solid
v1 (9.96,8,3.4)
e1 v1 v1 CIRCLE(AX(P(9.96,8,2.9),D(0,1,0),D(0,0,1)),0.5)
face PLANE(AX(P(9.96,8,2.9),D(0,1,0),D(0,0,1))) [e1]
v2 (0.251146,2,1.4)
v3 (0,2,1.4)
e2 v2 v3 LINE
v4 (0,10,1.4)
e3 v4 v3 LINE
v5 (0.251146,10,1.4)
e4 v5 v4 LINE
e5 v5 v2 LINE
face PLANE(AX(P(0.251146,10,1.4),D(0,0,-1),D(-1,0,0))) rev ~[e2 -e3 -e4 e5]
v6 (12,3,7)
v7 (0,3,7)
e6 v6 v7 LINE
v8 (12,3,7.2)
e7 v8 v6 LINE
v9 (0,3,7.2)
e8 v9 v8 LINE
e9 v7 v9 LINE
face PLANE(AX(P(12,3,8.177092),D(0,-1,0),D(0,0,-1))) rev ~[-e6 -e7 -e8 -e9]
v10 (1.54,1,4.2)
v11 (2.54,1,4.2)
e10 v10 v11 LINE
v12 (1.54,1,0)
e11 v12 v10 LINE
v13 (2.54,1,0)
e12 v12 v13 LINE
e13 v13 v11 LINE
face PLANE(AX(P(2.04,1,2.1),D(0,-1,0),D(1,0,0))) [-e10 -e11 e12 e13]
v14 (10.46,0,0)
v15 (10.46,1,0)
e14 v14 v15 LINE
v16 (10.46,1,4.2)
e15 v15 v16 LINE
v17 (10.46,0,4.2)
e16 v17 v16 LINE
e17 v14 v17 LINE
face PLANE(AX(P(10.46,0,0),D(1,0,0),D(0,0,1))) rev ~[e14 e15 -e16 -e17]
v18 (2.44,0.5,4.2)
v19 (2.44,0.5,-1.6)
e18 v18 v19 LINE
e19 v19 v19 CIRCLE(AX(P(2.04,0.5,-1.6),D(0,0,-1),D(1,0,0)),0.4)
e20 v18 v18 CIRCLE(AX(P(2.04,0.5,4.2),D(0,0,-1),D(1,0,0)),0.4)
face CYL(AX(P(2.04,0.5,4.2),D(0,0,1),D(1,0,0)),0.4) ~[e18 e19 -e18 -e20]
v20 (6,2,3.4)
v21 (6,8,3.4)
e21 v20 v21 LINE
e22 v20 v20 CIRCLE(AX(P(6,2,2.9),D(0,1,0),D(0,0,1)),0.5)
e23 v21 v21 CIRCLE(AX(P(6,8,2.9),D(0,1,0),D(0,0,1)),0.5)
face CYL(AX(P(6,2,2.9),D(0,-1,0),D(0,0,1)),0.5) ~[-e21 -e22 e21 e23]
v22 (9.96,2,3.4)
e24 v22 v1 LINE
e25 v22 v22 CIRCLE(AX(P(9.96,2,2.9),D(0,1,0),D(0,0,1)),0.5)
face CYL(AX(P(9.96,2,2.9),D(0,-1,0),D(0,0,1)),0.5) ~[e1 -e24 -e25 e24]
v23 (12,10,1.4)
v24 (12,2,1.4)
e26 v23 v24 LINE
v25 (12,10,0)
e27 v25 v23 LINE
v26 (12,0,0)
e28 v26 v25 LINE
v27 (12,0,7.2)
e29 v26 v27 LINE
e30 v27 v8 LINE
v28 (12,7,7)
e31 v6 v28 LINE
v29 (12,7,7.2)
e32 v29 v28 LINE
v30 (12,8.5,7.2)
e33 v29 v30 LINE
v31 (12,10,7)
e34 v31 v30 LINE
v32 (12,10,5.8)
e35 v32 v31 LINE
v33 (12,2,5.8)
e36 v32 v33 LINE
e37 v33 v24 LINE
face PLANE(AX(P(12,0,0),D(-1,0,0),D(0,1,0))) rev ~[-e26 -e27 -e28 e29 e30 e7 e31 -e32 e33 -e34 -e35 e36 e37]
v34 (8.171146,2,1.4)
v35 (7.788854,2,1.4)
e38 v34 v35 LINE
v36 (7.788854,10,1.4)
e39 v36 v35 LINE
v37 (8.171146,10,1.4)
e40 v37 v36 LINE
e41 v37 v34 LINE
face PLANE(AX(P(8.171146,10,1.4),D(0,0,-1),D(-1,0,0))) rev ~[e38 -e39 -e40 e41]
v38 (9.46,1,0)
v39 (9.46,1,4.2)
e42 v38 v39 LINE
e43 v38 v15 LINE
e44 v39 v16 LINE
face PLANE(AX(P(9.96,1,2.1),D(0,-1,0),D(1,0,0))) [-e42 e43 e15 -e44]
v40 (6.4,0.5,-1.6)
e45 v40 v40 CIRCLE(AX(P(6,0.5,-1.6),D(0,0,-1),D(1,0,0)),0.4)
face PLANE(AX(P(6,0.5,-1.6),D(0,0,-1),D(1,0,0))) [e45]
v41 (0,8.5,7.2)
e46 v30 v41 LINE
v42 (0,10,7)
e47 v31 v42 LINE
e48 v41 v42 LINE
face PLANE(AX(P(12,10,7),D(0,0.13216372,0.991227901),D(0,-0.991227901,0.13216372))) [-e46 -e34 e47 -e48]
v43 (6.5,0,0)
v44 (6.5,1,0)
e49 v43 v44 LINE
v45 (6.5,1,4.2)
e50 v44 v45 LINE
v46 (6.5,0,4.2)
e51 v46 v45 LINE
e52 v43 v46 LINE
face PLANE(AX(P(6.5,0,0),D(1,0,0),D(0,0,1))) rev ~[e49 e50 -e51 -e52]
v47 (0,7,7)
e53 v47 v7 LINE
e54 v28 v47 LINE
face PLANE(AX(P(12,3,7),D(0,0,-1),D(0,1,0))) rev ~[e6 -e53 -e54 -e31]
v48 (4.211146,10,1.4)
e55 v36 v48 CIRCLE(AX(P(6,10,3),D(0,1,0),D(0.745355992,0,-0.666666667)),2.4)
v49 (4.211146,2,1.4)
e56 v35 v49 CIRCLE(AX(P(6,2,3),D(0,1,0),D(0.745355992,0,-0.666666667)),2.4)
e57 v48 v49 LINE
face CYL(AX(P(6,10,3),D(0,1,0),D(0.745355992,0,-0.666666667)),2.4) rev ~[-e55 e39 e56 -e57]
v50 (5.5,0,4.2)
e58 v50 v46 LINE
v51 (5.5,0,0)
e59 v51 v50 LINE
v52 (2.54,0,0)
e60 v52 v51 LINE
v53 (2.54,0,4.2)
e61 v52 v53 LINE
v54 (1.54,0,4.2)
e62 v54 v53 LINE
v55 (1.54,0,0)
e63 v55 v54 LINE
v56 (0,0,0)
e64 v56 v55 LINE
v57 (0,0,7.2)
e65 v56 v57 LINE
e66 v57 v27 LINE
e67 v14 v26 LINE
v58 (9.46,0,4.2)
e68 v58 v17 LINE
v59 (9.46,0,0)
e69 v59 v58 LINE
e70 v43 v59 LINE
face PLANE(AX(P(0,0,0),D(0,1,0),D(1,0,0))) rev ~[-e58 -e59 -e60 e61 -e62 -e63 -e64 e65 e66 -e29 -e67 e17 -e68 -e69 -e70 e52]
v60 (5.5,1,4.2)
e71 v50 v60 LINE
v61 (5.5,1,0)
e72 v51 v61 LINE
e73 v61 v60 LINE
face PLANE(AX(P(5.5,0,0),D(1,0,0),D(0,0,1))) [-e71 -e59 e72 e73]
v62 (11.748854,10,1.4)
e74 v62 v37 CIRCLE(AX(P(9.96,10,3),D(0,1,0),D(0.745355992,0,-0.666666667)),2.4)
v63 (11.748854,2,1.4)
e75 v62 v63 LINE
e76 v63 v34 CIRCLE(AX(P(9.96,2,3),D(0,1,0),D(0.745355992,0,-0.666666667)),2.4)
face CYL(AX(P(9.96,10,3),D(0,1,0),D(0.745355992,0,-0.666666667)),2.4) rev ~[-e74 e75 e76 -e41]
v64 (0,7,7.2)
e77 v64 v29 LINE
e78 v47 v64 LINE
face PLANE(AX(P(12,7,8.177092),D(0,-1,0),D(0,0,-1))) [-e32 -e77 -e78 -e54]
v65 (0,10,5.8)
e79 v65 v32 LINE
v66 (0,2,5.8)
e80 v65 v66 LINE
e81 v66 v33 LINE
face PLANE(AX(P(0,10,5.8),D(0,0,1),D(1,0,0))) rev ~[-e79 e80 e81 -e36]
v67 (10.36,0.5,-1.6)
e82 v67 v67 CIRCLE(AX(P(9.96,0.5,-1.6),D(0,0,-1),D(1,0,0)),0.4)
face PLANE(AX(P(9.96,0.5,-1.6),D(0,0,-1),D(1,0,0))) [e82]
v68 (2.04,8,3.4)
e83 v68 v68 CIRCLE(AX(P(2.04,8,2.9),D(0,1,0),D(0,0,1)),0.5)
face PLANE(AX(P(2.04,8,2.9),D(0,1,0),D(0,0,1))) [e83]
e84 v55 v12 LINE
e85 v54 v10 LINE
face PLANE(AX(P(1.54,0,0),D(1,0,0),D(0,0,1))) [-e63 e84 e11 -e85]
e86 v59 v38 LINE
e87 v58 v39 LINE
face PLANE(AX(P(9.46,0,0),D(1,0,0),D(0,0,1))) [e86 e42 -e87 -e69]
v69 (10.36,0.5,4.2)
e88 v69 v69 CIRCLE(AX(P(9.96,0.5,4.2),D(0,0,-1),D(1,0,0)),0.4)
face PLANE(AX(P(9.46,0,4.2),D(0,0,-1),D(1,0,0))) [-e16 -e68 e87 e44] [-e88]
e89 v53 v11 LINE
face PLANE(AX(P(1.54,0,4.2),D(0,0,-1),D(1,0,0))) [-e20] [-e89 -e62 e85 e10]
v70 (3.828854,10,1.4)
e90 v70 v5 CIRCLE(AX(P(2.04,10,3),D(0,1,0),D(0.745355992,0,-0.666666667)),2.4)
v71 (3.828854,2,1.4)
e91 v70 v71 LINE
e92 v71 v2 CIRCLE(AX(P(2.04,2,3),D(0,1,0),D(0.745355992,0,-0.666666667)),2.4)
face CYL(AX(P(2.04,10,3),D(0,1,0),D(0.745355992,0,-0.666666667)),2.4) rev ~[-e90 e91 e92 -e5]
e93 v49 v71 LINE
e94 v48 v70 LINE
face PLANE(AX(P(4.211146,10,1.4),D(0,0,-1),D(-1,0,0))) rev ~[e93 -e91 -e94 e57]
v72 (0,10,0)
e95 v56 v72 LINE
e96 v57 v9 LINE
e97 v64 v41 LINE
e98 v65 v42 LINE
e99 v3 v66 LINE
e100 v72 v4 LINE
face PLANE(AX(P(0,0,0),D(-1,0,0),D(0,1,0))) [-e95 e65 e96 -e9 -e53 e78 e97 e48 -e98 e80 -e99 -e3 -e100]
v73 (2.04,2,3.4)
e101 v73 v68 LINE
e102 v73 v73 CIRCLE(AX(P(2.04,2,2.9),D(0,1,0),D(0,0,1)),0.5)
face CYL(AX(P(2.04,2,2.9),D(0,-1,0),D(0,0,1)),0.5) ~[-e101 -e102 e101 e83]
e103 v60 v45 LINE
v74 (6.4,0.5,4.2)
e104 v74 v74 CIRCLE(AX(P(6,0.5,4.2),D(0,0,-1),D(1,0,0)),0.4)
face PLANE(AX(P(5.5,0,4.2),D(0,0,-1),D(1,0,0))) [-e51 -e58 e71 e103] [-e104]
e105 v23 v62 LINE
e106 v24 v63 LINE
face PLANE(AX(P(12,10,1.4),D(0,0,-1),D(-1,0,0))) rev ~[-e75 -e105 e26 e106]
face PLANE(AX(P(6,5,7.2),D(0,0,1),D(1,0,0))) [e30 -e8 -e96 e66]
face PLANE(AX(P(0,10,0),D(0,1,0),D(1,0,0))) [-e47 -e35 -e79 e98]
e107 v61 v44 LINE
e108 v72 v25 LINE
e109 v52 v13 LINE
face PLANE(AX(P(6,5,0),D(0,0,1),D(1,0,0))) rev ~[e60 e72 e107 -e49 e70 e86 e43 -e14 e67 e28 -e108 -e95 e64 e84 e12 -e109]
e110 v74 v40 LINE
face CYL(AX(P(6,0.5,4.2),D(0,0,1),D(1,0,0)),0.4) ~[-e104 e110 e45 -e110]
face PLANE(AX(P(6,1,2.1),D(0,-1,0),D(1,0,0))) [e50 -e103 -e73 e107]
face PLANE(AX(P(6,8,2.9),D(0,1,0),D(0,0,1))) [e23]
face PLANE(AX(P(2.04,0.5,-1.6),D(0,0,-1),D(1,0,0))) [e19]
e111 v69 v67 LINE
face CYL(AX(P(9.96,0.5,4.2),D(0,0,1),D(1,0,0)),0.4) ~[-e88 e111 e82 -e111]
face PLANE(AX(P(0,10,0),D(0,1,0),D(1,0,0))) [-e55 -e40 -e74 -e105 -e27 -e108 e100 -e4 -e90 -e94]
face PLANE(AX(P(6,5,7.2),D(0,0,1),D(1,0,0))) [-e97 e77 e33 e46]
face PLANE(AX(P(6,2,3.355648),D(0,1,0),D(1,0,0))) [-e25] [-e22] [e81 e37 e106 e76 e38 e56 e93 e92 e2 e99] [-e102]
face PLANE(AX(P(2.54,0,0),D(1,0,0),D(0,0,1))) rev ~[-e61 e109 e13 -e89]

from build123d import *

# Parameters (mm, degrees)
SKETCH_1_W             = 12
SKETCH_1_H             = 10
EXTRUDE_1_DEPTH        = 7.2
SKETCH_2_W             = 1.17709233
SKETCH_2_H             = 4
CUT_EXTRUDE_1_DEPTH    = 18.2
CUT_EXTRUDE_2_DEPTH    = 18.2
SKETCH_4_W             = 1
SKETCH_4_H             = 4.2
CUT_EXTRUDE_3_DEPTH    = 1
PATTERN_LINEAR_1_COUNT = 2
PATTERN_LINEAR_1_PITCH = 3.96
PATTERN_LINEAR_2_COUNT = 2
PATTERN_LINEAR_2_PITCH = 3.96
SKETCH_5_R             = 0.4
EXTRUDE_3_DEPTH        = 5.8
PATTERN_LINEAR_3_COUNT = 3
PATTERN_LINEAR_3_PITCH = 3.96
CUT_EXTRUDE_4_DEPTH    = 8
SKETCH_7_R             = 0.5
EXTRUDE_4_DEPTH        = 6


with BuildPart() as part:
    # 草图1 → 凸台-拉伸1 (new body)
    with BuildSketch(Plane.XY):
        with Locations((6, 5)):
            Rectangle(SKETCH_1_W, SKETCH_1_H)
    extrude(amount=EXTRUDE_1_DEPTH)

    # 草图2 → 切除-拉伸1 (cut, through all)
    with BuildSketch(Plane(origin=(12, 0, 0), x_dir=(0, 0, -1), z_dir=(1, 0, 0))):
        with Locations((-7.588546165, 5)):
            Rectangle(SKETCH_2_W, SKETCH_2_H)
    extrude(amount=-CUT_EXTRUDE_1_DEPTH, mode=Mode.SUBTRACT)

    # 草图3 → 切除-拉伸2 (cut, through all)
    with BuildSketch(Plane(origin=(12, 0, 0), x_dir=(0, 0, -1), z_dir=(1, 0, 0))):
        Polygon((-7, 10), (-7.2, 8.5), (-7.2, 10), align=None)
    extrude(amount=-CUT_EXTRUDE_2_DEPTH, mode=Mode.SUBTRACT)

    # 草图4 → 切除-拉伸3 (cut)
    with BuildSketch(Plane.XZ):
        with Locations((6, 2.1)):
            Rectangle(SKETCH_4_W, SKETCH_4_H)
    cut_extrude_3 = extrude(amount=-CUT_EXTRUDE_3_DEPTH, mode=Mode.SUBTRACT)

    # 阵列(线性)1: 切除-拉伸3 ×2
    with Locations(*[(i * PATTERN_LINEAR_1_PITCH, 0, 0) for i in range(1, PATTERN_LINEAR_1_COUNT)]):
        add(cut_extrude_3, mode=Mode.SUBTRACT)

    # 阵列(线性)2: 切除-拉伸3 ×2
    with Locations(*[(-i * PATTERN_LINEAR_2_PITCH, 0, 0) for i in range(1, PATTERN_LINEAR_2_COUNT)]):
        add(cut_extrude_3, mode=Mode.SUBTRACT)

    # 草图5 → 凸台-拉伸3 (add)
    with BuildSketch(Plane(origin=(0, 0, 4.2), x_dir=(-1, 0, 0), z_dir=(0, 0, -1))):
        with Locations(Location((-2.04, 0.5, 0), (0, 0, 180))):
            Circle(SKETCH_5_R)
    extrude_3 = extrude(amount=EXTRUDE_3_DEPTH)

    # 阵列(线性)3: 凸台-拉伸3 ×3
    with Locations(*[(i * PATTERN_LINEAR_3_PITCH, 0, 0) for i in range(1, PATTERN_LINEAR_3_COUNT)]):
        add(extrude_3)

    # 草图6 → 切除-拉伸4 (cut)
    with BuildSketch(Plane(origin=(0, 10, 0), x_dir=(1, 0, 0), z_dir=(0, 1, 0))):
        with BuildLine():
            Line((0, -5.8), (12, -5.8))
            Line((12, -5.8), (12, -4.26427845))
            Line((12, -4.26427845), (12, -1.4))
            Line((12, -1.4), (11.748854382, -1.4))
            ThreePointArc((11.748854382, -1.4), (9.96, -0.6), (8.171145618, -1.4))
            Line((8.171145618, -1.4), (7.788854382, -1.4))
            ThreePointArc((7.788854382, -1.4), (6, -0.6), (4.211145618, -1.4))
            Line((4.211145618, -1.4), (3.828854382, -1.4))
            ThreePointArc((3.828854382, -1.4), (2.04, -0.6), (0.251145618, -1.4))
            Line((0.251145618, -1.4), (0, -1.4))
            Line((0, -1.4), (0, -5.8))
        make_face()
    extrude(amount=-CUT_EXTRUDE_4_DEPTH, mode=Mode.SUBTRACT)

    # 草图7 → 凸台-拉伸4 (add)
    with BuildSketch(Plane(origin=(0, 2, 0), x_dir=(-1, 0, 0), z_dir=(0, 1, 0))):
        with Locations(Location((-6, 2.9, 0), (0, 0, 90))):
            Circle(SKETCH_7_R)
        with Locations(Location((-9.96, 2.9, 0), (0, 0, 90))):
            Circle(SKETCH_7_R)
        with Locations(Location((-2.04, 2.9, 0), (0, 0, 90))):
            Circle(SKETCH_7_R)
    extrude(amount=EXTRUDE_4_DEPTH)


solid = part.part
